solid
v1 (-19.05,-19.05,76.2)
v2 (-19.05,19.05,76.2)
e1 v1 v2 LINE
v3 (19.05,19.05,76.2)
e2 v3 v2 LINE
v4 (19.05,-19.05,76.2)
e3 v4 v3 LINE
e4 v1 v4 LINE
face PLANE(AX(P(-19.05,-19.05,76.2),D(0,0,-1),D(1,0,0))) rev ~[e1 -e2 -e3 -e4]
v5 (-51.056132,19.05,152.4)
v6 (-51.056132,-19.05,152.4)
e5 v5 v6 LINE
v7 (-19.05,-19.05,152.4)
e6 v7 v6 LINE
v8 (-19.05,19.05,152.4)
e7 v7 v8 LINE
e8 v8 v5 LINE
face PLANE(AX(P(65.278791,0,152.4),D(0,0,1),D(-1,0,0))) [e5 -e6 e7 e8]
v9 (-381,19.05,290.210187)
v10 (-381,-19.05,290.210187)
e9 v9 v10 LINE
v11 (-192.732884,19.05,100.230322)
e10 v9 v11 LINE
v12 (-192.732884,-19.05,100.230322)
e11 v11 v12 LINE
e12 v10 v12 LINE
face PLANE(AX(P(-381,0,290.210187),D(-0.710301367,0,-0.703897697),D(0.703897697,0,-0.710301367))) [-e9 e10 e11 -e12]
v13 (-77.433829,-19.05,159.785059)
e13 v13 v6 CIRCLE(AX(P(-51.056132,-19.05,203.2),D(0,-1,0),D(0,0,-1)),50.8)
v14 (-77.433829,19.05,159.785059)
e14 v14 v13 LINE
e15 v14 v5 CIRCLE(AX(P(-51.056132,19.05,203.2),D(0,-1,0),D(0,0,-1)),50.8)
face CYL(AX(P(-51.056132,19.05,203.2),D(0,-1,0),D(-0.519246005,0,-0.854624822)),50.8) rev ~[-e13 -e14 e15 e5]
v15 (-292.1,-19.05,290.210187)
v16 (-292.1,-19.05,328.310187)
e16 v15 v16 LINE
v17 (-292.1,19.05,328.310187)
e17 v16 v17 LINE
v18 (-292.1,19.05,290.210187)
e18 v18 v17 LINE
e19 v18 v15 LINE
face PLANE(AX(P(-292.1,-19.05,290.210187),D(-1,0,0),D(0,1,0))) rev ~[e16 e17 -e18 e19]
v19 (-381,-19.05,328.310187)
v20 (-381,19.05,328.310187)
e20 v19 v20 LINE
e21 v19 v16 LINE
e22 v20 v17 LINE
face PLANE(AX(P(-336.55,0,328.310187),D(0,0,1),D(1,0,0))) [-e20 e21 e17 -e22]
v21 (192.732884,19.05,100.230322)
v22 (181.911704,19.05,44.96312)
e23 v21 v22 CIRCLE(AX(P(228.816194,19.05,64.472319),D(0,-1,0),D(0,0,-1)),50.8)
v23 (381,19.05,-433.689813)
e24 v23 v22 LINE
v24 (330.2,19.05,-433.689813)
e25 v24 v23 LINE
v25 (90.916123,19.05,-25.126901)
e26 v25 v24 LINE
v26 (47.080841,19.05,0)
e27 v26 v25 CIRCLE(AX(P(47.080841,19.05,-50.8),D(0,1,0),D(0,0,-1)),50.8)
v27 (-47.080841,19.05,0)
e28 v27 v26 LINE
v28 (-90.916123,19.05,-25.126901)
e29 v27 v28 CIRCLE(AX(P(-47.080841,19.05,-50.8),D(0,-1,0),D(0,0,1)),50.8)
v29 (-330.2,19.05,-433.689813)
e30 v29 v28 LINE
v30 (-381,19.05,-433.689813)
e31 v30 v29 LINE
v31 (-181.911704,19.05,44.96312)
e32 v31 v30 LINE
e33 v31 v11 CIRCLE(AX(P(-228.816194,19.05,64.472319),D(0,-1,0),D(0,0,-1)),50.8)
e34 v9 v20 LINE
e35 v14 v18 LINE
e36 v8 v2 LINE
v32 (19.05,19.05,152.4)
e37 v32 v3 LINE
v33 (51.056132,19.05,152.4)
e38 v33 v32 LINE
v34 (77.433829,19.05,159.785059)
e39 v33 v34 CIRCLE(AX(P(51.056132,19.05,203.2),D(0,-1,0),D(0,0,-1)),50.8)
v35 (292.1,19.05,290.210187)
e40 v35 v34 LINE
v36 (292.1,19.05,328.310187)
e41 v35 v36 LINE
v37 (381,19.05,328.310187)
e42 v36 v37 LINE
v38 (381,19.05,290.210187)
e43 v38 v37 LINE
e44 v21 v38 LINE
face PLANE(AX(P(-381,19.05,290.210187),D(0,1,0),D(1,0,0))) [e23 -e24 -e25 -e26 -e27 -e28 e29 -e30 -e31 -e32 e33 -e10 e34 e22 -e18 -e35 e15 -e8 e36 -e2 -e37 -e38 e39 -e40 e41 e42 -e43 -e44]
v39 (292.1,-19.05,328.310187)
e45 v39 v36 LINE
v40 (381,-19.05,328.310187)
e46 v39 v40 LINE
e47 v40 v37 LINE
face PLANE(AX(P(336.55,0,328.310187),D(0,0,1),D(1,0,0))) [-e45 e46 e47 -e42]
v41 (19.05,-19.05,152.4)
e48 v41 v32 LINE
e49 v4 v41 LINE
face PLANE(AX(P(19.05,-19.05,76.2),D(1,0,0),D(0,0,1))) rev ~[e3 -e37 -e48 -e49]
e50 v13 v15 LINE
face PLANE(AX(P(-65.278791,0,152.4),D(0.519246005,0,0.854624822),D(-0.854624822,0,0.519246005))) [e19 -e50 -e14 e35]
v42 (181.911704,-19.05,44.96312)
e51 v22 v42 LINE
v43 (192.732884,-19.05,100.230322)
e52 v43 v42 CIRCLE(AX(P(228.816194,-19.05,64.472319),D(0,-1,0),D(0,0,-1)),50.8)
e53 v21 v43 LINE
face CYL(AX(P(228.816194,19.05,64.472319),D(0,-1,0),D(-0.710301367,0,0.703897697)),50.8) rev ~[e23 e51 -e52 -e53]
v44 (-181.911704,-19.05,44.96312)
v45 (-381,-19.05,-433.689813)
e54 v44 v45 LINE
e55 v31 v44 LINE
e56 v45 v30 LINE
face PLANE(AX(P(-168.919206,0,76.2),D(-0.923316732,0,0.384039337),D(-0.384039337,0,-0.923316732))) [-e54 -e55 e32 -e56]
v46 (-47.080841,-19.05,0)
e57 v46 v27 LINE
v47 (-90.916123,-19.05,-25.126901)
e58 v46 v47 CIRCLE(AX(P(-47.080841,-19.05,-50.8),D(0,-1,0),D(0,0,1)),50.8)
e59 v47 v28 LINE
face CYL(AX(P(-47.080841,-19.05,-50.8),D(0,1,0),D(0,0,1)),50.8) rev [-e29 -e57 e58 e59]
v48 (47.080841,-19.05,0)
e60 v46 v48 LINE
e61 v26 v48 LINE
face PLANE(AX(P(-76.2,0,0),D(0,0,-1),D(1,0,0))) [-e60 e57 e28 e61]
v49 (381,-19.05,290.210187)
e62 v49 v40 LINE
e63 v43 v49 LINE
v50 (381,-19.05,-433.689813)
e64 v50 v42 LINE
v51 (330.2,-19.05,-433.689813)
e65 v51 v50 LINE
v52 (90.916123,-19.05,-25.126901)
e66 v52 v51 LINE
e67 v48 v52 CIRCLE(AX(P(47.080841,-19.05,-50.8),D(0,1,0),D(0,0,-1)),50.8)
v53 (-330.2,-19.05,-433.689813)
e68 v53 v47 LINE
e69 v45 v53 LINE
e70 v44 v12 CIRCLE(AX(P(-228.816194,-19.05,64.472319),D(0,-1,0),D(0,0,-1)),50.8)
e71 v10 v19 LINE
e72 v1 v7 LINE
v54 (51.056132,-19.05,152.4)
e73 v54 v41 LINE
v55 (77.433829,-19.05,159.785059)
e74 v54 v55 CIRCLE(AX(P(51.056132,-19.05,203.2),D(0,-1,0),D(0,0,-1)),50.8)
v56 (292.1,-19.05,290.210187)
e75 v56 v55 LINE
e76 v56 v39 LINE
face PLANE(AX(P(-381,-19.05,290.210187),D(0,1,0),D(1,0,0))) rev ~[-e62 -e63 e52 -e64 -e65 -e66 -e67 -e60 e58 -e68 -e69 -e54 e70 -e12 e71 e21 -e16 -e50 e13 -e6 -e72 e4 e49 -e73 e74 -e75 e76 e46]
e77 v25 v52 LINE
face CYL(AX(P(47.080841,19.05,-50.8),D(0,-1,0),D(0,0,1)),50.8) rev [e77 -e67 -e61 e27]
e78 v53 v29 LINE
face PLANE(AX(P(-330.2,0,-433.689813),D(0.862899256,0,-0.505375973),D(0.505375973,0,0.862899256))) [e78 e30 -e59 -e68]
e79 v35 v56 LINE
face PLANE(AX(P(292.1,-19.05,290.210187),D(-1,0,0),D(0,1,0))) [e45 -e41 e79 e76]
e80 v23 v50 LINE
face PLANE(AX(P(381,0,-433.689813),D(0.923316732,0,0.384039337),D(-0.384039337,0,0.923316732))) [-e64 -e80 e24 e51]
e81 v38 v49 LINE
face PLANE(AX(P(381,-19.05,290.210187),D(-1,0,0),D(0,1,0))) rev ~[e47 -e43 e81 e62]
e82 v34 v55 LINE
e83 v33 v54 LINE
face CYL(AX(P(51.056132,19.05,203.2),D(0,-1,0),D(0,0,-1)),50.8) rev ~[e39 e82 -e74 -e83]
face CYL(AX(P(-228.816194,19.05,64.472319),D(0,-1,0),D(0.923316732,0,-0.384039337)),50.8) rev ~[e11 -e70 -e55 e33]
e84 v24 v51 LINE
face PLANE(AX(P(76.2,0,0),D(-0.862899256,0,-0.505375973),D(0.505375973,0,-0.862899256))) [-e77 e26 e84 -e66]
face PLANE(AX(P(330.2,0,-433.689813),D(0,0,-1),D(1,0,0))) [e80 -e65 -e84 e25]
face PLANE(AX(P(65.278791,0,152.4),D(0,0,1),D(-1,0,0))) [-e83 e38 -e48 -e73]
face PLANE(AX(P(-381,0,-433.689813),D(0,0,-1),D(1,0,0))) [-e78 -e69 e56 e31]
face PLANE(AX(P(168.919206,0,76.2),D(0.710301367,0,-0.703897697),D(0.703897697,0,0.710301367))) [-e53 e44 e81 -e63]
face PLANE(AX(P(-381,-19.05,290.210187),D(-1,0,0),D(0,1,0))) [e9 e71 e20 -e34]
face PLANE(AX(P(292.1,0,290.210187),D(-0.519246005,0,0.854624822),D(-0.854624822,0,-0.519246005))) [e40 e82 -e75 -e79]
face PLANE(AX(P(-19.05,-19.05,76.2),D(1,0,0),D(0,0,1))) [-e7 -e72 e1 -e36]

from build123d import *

# Parameters (mm, degrees)
F1_DEPTH = 19.05
F2_R     = 50.8
F3_W     = 88.9
F3_H     = 38.1
F4_DEPTH = 38.1
F5_W     = 38.1
F5_H     = 76.2
F6_DEPTH = 38.101


with BuildPart() as f1:
    # F0 (on Front) → F1 (new body, symmetric)
    with BuildSketch(Plane.XZ):
        Polygon((-76.2, 0), (-19.05, 0), (19.05, 0), (76.2, 0), (330.2, -433.689813), (381, -433.689813), (168.919206, 76.2), (381, 290.210187), (292.1, 290.210187), (65.278791, 152.4), (0, 152.4), (-65.278791, 152.4), (-292.1, 290.210187), (-381, 290.210187), (-168.919206, 76.2), (-381, -433.689813), (-330.2, -433.689813), align=None)
    extrude(amount=F1_DEPTH, both=True)

    # F2
    f2_edges = [f1.edges().sort_by_distance(p)[0] for p in [
        (168.919206, 0, 76.2),
        (-65.278791, 0, 152.4),
        (65.278791, 0, 152.4),
        (-168.919206, 0, 76.2),
        (-76.2, 0, 0),
        (76.2, 0, 0),
    ]]
    fillet(f2_edges, radius=F2_R)

    # F3 (on face) → F4 (join)
    with BuildSketch(Plane.XY.offset(290.210187)):
        with Locations((-336.55, 0)):
            Rectangle(F3_W, F3_H)
        with Locations((336.55, 0)):
            Rectangle(F3_W, F3_H)
    extrude(amount=F4_DEPTH)

    # F5 (on face) → F6 (cut, through all)
    with BuildSketch(Plane.XZ.offset(19.05)):
        with Locations((0, 114.3)):
            Rectangle(F5_W, F5_H)
    extrude(amount=-F6_DEPTH, mode=Mode.SUBTRACT)


solid = f1.part
